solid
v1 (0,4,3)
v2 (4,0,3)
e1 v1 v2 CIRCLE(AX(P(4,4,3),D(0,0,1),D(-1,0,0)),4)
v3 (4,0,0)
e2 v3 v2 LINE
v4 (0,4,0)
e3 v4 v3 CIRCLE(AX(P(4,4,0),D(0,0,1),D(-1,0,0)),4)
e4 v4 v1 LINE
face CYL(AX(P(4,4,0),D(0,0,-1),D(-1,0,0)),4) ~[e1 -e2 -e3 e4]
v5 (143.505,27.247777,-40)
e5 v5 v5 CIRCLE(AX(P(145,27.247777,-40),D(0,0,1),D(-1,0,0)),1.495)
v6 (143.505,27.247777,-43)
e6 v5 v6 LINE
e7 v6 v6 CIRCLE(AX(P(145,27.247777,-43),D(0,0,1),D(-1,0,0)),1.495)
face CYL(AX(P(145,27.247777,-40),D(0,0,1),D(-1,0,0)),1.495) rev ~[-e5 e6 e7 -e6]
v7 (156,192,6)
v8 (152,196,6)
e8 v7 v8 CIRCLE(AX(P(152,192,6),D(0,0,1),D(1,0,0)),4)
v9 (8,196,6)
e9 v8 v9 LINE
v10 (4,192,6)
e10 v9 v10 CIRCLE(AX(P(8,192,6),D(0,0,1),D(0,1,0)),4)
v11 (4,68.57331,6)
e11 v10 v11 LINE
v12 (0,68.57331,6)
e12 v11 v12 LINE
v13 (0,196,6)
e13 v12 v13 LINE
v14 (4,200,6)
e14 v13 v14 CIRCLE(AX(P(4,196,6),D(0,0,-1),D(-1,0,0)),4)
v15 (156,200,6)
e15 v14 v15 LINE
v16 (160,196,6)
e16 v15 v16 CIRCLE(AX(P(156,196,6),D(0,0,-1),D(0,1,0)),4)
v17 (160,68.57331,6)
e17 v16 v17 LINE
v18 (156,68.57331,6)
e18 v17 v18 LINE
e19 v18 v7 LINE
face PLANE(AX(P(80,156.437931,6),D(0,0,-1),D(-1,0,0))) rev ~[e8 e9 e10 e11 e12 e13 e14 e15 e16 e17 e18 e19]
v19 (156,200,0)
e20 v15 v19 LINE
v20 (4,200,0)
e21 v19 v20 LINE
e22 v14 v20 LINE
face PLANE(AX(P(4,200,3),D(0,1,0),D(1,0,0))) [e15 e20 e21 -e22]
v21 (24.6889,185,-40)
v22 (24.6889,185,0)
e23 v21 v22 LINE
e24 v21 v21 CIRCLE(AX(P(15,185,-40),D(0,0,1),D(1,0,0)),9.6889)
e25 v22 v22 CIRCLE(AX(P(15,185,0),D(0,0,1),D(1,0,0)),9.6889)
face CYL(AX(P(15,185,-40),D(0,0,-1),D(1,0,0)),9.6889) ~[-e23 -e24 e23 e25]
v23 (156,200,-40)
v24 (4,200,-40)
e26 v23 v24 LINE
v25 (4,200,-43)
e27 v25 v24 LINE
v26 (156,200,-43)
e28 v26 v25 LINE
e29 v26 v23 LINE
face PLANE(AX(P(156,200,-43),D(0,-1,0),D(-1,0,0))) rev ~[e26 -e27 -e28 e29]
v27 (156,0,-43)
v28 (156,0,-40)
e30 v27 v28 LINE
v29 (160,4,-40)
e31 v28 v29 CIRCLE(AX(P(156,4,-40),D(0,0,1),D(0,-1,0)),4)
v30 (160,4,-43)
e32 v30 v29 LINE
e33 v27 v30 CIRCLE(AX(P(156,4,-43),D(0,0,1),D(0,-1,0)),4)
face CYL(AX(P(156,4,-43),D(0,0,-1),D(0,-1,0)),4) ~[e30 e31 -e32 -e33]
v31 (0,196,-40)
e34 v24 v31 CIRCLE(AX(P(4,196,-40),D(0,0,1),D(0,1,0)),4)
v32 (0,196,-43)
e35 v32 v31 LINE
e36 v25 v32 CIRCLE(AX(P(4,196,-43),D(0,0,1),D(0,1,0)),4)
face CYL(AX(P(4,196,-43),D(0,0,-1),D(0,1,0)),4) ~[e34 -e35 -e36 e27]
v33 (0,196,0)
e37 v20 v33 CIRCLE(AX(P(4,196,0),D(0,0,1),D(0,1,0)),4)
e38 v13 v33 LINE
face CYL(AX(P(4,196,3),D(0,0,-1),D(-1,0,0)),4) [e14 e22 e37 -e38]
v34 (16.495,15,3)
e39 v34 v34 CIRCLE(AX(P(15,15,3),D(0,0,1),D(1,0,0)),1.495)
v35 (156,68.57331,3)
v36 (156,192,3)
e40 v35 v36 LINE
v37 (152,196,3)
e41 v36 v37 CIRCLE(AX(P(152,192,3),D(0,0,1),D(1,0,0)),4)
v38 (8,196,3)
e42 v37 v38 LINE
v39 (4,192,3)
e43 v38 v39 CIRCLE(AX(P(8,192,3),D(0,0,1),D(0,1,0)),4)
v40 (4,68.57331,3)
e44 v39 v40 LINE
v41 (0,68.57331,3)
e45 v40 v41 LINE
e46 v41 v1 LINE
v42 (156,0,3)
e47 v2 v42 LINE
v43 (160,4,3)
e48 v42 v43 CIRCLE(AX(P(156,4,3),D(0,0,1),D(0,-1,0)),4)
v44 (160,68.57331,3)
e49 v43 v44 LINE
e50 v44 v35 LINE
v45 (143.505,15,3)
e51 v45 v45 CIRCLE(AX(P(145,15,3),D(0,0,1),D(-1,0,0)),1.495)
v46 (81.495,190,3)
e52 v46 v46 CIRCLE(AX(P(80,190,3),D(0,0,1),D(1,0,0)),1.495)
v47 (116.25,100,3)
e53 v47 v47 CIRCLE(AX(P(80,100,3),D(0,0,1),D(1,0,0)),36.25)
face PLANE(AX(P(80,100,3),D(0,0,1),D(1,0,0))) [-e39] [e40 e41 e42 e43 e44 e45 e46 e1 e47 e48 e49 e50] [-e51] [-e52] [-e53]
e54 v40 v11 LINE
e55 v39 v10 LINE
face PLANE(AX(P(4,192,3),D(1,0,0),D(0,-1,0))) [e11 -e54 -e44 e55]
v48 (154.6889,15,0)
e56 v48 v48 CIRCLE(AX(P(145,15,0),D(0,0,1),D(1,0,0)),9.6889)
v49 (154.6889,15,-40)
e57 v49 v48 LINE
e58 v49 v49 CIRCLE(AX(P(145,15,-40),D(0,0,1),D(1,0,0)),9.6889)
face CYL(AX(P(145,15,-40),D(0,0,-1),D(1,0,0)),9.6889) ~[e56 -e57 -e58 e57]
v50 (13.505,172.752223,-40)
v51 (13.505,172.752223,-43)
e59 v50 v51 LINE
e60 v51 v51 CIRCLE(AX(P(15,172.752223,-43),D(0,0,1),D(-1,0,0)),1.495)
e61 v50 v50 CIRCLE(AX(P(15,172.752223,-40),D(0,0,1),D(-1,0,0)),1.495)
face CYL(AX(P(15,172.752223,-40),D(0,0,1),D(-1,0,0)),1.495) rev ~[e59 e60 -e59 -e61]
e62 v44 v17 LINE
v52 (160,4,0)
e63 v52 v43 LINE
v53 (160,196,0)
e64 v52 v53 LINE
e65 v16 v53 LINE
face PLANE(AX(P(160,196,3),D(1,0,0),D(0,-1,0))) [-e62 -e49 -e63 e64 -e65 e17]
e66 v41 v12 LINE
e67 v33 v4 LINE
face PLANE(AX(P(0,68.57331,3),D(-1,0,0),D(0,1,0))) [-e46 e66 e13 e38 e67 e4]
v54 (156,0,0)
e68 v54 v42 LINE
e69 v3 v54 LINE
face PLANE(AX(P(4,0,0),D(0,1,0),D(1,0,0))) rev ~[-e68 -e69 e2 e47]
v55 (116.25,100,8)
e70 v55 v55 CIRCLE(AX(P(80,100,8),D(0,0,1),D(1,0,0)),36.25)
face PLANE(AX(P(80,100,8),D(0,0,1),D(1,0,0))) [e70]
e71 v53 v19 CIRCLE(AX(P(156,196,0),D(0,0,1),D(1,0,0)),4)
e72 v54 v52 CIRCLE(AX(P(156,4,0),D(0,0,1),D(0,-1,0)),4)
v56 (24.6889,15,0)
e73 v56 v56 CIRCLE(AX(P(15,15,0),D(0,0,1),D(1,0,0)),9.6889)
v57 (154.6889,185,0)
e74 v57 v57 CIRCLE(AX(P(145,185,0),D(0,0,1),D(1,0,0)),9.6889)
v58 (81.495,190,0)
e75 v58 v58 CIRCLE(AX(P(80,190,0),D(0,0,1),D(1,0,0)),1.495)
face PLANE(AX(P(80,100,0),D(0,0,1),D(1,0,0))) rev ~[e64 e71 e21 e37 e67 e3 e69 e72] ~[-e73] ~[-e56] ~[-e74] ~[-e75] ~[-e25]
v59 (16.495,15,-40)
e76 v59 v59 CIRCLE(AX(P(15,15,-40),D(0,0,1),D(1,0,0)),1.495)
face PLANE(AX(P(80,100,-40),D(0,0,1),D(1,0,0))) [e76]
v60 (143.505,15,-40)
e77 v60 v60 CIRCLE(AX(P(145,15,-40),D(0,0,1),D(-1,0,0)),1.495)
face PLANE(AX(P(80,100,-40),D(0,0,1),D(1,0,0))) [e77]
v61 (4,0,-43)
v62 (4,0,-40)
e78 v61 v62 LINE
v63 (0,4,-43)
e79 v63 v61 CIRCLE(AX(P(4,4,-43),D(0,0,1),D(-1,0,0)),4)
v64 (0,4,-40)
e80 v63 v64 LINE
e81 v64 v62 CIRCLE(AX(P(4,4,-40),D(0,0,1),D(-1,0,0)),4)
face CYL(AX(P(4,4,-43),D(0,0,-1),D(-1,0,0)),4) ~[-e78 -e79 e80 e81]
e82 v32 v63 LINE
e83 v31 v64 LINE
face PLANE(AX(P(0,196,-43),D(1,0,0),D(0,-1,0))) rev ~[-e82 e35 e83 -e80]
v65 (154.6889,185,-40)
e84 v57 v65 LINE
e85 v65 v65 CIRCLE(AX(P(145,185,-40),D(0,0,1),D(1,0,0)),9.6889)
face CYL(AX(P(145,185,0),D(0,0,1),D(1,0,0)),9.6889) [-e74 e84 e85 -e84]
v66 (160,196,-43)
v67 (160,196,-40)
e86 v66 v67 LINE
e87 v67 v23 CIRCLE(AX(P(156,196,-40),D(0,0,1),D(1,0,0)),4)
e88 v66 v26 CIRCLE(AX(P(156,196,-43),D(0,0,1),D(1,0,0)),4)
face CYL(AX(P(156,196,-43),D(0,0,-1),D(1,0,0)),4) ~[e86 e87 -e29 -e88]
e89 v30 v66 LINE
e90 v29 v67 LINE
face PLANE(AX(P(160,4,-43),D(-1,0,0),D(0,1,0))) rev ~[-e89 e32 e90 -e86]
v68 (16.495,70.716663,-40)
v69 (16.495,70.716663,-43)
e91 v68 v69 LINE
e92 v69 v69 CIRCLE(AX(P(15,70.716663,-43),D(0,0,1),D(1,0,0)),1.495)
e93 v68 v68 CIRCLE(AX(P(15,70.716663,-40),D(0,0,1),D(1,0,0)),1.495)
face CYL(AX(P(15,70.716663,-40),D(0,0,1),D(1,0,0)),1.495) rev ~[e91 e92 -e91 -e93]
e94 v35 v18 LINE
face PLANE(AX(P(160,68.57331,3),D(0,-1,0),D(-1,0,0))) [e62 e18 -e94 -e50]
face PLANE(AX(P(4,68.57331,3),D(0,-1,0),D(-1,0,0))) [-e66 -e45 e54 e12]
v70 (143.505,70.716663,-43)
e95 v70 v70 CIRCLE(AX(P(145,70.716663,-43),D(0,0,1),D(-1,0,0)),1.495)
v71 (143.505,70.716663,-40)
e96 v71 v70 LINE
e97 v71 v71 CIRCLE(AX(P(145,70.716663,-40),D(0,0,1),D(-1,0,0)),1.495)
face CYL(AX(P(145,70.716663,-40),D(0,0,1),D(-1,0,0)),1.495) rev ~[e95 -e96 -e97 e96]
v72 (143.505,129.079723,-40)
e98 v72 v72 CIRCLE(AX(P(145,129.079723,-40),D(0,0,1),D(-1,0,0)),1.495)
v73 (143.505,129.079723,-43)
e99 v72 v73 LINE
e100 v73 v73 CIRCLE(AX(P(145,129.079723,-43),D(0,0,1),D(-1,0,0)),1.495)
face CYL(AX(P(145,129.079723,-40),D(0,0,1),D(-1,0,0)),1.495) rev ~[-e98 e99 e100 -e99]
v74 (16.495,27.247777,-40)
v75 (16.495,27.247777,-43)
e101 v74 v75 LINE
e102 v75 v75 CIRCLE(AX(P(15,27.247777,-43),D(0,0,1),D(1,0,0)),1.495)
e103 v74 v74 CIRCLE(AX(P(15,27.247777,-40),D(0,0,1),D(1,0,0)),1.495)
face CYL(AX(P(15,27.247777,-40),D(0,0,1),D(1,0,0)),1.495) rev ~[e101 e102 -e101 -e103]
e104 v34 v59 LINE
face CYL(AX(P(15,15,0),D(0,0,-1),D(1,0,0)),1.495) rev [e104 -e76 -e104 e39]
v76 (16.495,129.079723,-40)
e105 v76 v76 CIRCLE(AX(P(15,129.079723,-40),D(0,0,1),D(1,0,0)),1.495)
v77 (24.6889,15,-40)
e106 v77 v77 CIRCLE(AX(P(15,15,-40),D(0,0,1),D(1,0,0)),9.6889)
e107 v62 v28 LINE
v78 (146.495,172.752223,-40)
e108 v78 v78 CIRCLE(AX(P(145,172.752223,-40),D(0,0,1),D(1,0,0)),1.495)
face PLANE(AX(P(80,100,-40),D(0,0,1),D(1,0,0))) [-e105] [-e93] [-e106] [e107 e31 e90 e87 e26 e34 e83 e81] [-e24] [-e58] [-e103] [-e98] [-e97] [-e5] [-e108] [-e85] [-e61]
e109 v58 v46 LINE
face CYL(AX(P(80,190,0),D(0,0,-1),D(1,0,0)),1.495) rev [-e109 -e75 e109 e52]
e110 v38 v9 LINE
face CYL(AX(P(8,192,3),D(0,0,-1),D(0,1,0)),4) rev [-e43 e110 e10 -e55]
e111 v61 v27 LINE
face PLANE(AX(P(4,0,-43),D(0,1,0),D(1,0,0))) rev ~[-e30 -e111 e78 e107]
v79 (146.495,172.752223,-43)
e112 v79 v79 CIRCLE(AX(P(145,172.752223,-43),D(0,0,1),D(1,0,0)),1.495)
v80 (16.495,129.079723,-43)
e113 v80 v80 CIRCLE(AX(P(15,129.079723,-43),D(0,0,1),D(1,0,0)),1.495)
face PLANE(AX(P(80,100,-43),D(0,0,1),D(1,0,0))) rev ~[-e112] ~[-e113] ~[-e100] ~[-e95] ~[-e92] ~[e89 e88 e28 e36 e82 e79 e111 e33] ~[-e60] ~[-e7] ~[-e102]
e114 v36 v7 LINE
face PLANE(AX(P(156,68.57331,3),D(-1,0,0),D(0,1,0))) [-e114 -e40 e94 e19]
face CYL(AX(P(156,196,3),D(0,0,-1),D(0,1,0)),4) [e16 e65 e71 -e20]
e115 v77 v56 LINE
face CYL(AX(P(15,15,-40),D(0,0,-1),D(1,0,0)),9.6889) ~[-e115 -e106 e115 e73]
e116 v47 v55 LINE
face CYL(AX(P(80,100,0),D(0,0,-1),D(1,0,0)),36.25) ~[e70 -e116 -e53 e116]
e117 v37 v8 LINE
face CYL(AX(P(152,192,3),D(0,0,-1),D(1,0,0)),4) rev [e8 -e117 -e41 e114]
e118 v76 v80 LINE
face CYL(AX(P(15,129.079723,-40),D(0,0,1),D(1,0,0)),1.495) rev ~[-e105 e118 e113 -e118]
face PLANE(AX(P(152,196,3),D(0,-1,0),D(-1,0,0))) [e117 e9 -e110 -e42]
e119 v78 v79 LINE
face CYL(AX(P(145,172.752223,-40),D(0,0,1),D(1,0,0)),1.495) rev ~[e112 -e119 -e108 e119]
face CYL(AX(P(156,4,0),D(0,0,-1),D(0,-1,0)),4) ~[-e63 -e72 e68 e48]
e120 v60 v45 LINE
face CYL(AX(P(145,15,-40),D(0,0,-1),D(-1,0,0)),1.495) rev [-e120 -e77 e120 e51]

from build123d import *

# Parameters (mm, degrees)
SKETCH1_R           = 36.25
SKETCH1_R_2         = 1.495
BOSS_EXTRUDE1_DEPTH = 3
SKETCH1_3_R         = 1.495
CUT_EXTRUDE2_DEPTH  = 3
SKETCH1_4_R         = 1.495
CUT_EXTRUDE3_DEPTH  = 3
SKETCH1_6_R         = 9.688899653
BOSS_EXTRUDE2_DEPTH = 40
BOSS_EXTRUDE3_START = -40
SKETCH1_7_R         = 9.688899653
SKETCH1_7_R_2       = 1.495
BOSS_EXTRUDE3_DEPTH = 40
BOSS_EXTRUDE4_START = 3
BOSS_EXTRUDE4_DEPTH = 3
SKETCH1_8_R         = 36.25
BOSS_EXTRUDE5_DEPTH = 8
BOSS_EXTRUDE6_DEPTH = 3
SKETCH4_R           = 1.495
CUT_EXTRUDE4_DEPTH  = 3


with BuildPart() as part:
    # Sketch1 → Boss-Extrude1 (new body)
    with BuildSketch(Plane.XY):
        with BuildLine():
            ThreePointArc((0, 4), (1.171572875, 1.171572875), (4, 0))
            Line((4, 0), (156, 0))
            ThreePointArc((156, 0), (158.828427125, 1.171572875), (160, 4))
            Line((160, 4), (160, 196))
            ThreePointArc((160, 196), (158.828427125, 198.828427125), (156, 200))
            Line((156, 200), (4, 200))
            ThreePointArc((4, 200), (1.171572875, 198.828427125), (0, 196))
            Line((0, 196), (0, 4))
        make_face()
        with Locations((80, 100)):
            Circle(SKETCH1_R, mode=Mode.SUBTRACT)
        with Locations((80, 190)):
            Circle(SKETCH1_R_2, mode=Mode.SUBTRACT)
    extrude(amount=BOSS_EXTRUDE1_DEPTH)

    # Sketch1<3> → Cut-Extrude2 (cut)
    with BuildSketch(Plane.XY):
        with Locations((15, 15)):
            Circle(SKETCH1_3_R)
    extrude(amount=CUT_EXTRUDE2_DEPTH, mode=Mode.SUBTRACT)

    # Sketch1<4> → Cut-Extrude3 (cut)
    with BuildSketch(Plane.XY):
        with Locations((145, 15)):
            Circle(SKETCH1_4_R)
    extrude(amount=CUT_EXTRUDE3_DEPTH, mode=Mode.SUBTRACT)

    # Sketch1<6> → Boss-Extrude2 (add)
    with BuildSketch(Plane.XY):
        with Locations((145, 185)):
            Circle(SKETCH1_6_R)
    extrude(amount=-BOSS_EXTRUDE2_DEPTH)

    # Sketch1<7> → Boss-Extrude3 (add)
    # profile 1 of 3: a face of its own
    with BuildSketch(Plane.XY.offset(BOSS_EXTRUDE3_START)):
        with Locations((15, 15)):
            Circle(SKETCH1_7_R)
        with Locations((15, 15)):
            Circle(SKETCH1_7_R_2, mode=Mode.SUBTRACT)
    # profile 2 of 3: a face of its own
    with BuildSketch(Plane.XY.offset(BOSS_EXTRUDE3_START)):
        with Locations((145, 15)):
            Circle(SKETCH1_7_R)
        with Locations((145, 15)):
            Circle(SKETCH1_7_R_2, mode=Mode.SUBTRACT)
    # profile 3 of 3: a face of its own
    with BuildSketch(Plane.XY.offset(BOSS_EXTRUDE3_START)):
        with Locations((15, 185)):
            Circle(SKETCH1_7_R)
    extrude(amount=BOSS_EXTRUDE3_DEPTH)

    # Sketch2 → Boss-Extrude4 (add)
    with BuildSketch(Plane(origin=(0, 0, -40), x_dir=(-1, 0, 0), z_dir=(0, 0, -1)).offset(BOSS_EXTRUDE4_START)):
        with BuildLine():
            Line((-156, 200), (-4, 200))
            ThreePointArc((-4, 200), (-1.171572875, 198.828427125), (0, 196))
            Line((0, 196), (0, 4))
            ThreePointArc((0, 4), (-1.171572875, 1.171572875), (-4, 0))
            Line((-4, 0), (-156, 0))
            ThreePointArc((-156, 0), (-158.828427125, 1.171572875), (-160, 4))
            Line((-160, 4), (-160, 196))
            ThreePointArc((-160, 196), (-158.828427125, 198.828427125), (-156, 200))
        make_face()
    extrude(amount=-BOSS_EXTRUDE4_DEPTH)

    # Sketch1<8> → Boss-Extrude5 (add)
    with BuildSketch(Plane.XY):
        with Locations((80, 100)):
            Circle(SKETCH1_8_R)
    extrude(amount=BOSS_EXTRUDE5_DEPTH)

    # Sketch3 → Boss-Extrude6 (add)
    with BuildSketch(Plane.XY.offset(3)):
        with BuildLine():
            Line((0, 68.573310073), (0, 196))
            ThreePointArc((0, 196), (1.171572875, 198.828427125), (4, 200))
            Line((4, 200), (156, 200))
            ThreePointArc((156, 200), (158.828427125, 198.828427125), (160, 196))
            Line((160, 196), (160, 68.573310073))
            Line((160, 68.573310073), (156, 68.573310073))
            Line((156, 68.573310073), (156, 192))
            ThreePointArc((156, 192), (154.828427125, 194.828427125), (152, 196))
            Line((152, 196), (8, 196))
            ThreePointArc((8, 196), (5.171572875, 194.828427125), (4, 192))
            Line((4, 192), (4, 68.573310073))
            Line((4, 68.573310073), (0, 68.573310073))
        make_face()
    extrude(amount=BOSS_EXTRUDE6_DEPTH)

    # Sketch4 → Cut-Extrude4 (cut)
    with BuildSketch(Plane.XY.offset(-40)):
        with Locations((15, 27.247777485)):
            Circle(SKETCH4_R)
        with Locations((145, 27.247777485)):
            Circle(SKETCH4_R)
        with Locations((145, 172.752222515)):
            Circle(SKETCH4_R)
        with Locations((15, 172.752222515)):
            Circle(SKETCH4_R)
        with Locations((15, 129.079723254)):
            Circle(SKETCH4_R)
        with Locations((15, 70.716662913)):
            Circle(SKETCH4_R)
        with Locations((145, 70.716662913)):
            Circle(SKETCH4_R)
        with Locations((145, 129.079723254)):
            Circle(SKETCH4_R)
    extrude(amount=-CUT_EXTRUDE4_DEPTH, mode=Mode.SUBTRACT)


solid = part.part
